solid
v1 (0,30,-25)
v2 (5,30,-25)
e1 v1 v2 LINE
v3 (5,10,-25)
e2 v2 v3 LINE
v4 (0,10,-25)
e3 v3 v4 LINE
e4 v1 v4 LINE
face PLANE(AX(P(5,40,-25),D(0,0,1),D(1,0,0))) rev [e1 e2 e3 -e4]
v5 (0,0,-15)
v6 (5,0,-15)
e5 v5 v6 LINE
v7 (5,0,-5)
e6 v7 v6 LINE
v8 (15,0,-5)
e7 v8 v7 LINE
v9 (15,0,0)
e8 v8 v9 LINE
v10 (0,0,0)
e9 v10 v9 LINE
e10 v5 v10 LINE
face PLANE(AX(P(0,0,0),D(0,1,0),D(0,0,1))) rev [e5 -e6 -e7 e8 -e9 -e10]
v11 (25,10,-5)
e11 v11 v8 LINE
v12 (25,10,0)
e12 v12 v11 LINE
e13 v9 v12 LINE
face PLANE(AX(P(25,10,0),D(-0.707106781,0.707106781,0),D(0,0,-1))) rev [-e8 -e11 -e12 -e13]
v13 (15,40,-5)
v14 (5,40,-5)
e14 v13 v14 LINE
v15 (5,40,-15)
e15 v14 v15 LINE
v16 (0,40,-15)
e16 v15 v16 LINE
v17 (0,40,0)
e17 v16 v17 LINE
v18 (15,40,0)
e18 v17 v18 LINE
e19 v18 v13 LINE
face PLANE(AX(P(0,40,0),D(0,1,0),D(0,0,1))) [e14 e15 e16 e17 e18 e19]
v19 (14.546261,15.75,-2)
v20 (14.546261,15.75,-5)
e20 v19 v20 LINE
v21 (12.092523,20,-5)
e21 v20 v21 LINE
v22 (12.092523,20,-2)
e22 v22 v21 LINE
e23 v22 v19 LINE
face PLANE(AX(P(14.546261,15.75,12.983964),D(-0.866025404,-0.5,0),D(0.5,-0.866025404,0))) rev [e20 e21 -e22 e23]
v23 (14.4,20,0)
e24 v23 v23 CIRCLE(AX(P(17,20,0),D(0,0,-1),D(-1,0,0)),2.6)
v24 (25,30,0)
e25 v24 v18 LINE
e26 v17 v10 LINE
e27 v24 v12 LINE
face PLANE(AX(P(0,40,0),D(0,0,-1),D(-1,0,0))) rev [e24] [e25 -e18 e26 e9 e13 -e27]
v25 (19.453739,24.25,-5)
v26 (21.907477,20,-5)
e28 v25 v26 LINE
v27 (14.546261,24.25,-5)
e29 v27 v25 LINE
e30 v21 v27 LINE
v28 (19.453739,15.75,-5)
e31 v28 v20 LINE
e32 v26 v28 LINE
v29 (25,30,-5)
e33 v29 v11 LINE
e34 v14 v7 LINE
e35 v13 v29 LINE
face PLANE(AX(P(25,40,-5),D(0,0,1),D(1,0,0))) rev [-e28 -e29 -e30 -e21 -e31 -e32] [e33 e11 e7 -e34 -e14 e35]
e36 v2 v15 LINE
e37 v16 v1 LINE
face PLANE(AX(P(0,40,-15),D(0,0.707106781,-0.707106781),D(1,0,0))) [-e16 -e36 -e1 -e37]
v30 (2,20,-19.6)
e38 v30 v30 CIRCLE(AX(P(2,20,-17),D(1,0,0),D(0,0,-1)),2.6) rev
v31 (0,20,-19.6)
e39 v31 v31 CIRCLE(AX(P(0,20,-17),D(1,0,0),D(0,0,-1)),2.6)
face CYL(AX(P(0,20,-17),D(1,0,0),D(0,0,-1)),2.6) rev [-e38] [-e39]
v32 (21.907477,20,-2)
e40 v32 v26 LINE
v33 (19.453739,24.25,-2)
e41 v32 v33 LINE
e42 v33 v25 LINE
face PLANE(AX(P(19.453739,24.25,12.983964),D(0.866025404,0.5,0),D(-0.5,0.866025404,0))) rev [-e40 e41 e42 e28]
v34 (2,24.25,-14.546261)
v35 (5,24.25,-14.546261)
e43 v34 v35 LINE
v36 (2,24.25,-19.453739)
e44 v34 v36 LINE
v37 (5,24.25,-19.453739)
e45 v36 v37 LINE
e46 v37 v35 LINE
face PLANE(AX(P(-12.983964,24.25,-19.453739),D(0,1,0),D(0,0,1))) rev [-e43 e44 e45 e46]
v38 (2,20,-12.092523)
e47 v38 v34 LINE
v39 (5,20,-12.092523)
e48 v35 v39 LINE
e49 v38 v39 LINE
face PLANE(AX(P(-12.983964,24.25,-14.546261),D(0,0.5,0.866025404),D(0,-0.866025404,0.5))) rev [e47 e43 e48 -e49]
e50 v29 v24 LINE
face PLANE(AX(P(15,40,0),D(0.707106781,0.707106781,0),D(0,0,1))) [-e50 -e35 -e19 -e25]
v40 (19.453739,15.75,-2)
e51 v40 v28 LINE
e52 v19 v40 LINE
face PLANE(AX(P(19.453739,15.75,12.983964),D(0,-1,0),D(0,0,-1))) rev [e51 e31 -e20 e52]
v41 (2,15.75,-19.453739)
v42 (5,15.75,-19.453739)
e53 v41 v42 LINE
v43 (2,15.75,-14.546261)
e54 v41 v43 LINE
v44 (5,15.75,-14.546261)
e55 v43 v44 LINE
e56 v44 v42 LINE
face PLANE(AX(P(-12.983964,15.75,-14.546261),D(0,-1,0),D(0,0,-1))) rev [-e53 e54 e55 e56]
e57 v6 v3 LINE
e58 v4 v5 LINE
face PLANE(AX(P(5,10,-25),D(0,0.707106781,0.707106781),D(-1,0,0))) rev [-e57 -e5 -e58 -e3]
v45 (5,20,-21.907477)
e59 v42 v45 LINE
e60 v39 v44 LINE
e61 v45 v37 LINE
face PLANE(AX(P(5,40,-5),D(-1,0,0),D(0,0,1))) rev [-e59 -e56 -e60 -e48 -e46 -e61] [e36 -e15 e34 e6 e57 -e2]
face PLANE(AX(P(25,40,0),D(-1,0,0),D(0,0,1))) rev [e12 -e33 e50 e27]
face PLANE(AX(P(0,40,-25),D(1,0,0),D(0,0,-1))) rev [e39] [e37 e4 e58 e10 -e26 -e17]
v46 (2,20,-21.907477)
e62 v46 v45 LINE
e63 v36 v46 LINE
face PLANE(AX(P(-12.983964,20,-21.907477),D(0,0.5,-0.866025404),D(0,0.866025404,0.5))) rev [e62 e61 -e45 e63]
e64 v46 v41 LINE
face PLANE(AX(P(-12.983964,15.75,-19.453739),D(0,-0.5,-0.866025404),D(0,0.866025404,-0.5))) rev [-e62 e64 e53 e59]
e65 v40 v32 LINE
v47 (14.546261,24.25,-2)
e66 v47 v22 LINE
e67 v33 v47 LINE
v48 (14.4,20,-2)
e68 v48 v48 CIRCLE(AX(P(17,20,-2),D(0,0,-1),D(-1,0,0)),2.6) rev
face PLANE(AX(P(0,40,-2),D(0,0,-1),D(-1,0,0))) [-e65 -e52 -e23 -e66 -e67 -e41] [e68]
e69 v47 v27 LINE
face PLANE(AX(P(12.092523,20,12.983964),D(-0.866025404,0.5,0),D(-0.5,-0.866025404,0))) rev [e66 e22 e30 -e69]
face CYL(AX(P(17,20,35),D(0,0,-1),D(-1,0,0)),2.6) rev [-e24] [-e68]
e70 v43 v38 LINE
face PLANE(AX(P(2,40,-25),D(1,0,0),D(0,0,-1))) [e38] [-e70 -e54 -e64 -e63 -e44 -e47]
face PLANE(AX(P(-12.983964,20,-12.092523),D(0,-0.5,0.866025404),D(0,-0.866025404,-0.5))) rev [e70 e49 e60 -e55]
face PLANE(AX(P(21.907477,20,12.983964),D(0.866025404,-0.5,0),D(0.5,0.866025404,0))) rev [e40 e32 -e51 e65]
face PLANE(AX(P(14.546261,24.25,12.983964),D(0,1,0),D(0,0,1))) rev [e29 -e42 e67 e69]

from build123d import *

# Parameters (mm, degrees)
BOSS_EXTRUDE1_DEPTH     = 40
SKETCH2_R               = 2.6
CUT_EXTRUDE1_DEPTH      = 40
CUT_EXTRUDE2_DEPTH      = 3
CUT_EXTRUDE3_DEPTH      = 52.23475383
CUT_EXTRUDE3_DEPTH_BACK = 52.23475383
SKETCH4_R               = 2.6
CUT_EXTRUDE4_DEPTH      = 3
CHAMFER1_SIZE           = 10


with BuildPart() as part:
    # Sketch1 → Boss-Extrude1 (new body)
    with BuildSketch(Plane(origin=(0, 0, 0), x_dir=(1, 0, 0), z_dir=(0, 1, 0))):
        Polygon((0, 0), (25, 0), (25, 5), (5, 5), (5, 25), (0, 25), align=None)
    extrude(amount=BOSS_EXTRUDE1_DEPTH)

    # Sketch2 → Cut-Extrude1 (cut)
    with BuildSketch(Plane(origin=(0, 0, -5), x_dir=(-1, 0, 0), z_dir=(0, 0, -1))):
        with Locations((-17, 20)):
            Circle(SKETCH2_R)
    extrude(amount=-CUT_EXTRUDE1_DEPTH, mode=Mode.SUBTRACT)

    # Sketch3 → Cut-Extrude2 (cut)
    with BuildSketch(Plane(origin=(0, 0, -5), x_dir=(-1, 0, 0), z_dir=(0, 0, -1))):
        Polygon((-14.546261356, 24.25), (-19.453738644, 24.25), (-21.907477288, 20), (-19.453738644, 15.75), (-14.546261356, 15.75), (-12.092522712, 20), align=None)
    extrude(amount=-CUT_EXTRUDE2_DEPTH, mode=Mode.SUBTRACT)

    # Sketch4 → Cut-Extrude3 (cut, two sides: drawn at the far end of the back side and taken through both)
    with BuildSketch(Plane(origin=(5, 0, 0), x_dir=(0, 0, -1), z_dir=(1, 0, 0)).offset(-CUT_EXTRUDE3_DEPTH_BACK)):
        with Locations((17, 20)):
            Circle(SKETCH4_R)
    extrude(amount=CUT_EXTRUDE3_DEPTH + CUT_EXTRUDE3_DEPTH_BACK, mode=Mode.SUBTRACT)

    # Sketch5 → Cut-Extrude4 (cut)
    with BuildSketch(Plane(origin=(5, 0, 0), x_dir=(0, 0, -1), z_dir=(1, 0, 0))):
        Polygon((19.453738644, 24.25), (14.546261356, 24.25), (12.092522712, 20), (14.546261356, 15.75), (19.453738644, 15.75), (21.907477288, 20), align=None)
    extrude(amount=-CUT_EXTRUDE4_DEPTH, mode=Mode.SUBTRACT)

    # Chamfer1
    chamfer1_edges = [part.edges().sort_by_distance(p)[0] for p in [
        (25, 40, -2.5),
        (2.5, 40, -25),
        (2.5, 0, -25),
        (25, 0, -2.5),
    ]]
    chamfer(chamfer1_edges, length=CHAMFER1_SIZE)


solid = part.part
